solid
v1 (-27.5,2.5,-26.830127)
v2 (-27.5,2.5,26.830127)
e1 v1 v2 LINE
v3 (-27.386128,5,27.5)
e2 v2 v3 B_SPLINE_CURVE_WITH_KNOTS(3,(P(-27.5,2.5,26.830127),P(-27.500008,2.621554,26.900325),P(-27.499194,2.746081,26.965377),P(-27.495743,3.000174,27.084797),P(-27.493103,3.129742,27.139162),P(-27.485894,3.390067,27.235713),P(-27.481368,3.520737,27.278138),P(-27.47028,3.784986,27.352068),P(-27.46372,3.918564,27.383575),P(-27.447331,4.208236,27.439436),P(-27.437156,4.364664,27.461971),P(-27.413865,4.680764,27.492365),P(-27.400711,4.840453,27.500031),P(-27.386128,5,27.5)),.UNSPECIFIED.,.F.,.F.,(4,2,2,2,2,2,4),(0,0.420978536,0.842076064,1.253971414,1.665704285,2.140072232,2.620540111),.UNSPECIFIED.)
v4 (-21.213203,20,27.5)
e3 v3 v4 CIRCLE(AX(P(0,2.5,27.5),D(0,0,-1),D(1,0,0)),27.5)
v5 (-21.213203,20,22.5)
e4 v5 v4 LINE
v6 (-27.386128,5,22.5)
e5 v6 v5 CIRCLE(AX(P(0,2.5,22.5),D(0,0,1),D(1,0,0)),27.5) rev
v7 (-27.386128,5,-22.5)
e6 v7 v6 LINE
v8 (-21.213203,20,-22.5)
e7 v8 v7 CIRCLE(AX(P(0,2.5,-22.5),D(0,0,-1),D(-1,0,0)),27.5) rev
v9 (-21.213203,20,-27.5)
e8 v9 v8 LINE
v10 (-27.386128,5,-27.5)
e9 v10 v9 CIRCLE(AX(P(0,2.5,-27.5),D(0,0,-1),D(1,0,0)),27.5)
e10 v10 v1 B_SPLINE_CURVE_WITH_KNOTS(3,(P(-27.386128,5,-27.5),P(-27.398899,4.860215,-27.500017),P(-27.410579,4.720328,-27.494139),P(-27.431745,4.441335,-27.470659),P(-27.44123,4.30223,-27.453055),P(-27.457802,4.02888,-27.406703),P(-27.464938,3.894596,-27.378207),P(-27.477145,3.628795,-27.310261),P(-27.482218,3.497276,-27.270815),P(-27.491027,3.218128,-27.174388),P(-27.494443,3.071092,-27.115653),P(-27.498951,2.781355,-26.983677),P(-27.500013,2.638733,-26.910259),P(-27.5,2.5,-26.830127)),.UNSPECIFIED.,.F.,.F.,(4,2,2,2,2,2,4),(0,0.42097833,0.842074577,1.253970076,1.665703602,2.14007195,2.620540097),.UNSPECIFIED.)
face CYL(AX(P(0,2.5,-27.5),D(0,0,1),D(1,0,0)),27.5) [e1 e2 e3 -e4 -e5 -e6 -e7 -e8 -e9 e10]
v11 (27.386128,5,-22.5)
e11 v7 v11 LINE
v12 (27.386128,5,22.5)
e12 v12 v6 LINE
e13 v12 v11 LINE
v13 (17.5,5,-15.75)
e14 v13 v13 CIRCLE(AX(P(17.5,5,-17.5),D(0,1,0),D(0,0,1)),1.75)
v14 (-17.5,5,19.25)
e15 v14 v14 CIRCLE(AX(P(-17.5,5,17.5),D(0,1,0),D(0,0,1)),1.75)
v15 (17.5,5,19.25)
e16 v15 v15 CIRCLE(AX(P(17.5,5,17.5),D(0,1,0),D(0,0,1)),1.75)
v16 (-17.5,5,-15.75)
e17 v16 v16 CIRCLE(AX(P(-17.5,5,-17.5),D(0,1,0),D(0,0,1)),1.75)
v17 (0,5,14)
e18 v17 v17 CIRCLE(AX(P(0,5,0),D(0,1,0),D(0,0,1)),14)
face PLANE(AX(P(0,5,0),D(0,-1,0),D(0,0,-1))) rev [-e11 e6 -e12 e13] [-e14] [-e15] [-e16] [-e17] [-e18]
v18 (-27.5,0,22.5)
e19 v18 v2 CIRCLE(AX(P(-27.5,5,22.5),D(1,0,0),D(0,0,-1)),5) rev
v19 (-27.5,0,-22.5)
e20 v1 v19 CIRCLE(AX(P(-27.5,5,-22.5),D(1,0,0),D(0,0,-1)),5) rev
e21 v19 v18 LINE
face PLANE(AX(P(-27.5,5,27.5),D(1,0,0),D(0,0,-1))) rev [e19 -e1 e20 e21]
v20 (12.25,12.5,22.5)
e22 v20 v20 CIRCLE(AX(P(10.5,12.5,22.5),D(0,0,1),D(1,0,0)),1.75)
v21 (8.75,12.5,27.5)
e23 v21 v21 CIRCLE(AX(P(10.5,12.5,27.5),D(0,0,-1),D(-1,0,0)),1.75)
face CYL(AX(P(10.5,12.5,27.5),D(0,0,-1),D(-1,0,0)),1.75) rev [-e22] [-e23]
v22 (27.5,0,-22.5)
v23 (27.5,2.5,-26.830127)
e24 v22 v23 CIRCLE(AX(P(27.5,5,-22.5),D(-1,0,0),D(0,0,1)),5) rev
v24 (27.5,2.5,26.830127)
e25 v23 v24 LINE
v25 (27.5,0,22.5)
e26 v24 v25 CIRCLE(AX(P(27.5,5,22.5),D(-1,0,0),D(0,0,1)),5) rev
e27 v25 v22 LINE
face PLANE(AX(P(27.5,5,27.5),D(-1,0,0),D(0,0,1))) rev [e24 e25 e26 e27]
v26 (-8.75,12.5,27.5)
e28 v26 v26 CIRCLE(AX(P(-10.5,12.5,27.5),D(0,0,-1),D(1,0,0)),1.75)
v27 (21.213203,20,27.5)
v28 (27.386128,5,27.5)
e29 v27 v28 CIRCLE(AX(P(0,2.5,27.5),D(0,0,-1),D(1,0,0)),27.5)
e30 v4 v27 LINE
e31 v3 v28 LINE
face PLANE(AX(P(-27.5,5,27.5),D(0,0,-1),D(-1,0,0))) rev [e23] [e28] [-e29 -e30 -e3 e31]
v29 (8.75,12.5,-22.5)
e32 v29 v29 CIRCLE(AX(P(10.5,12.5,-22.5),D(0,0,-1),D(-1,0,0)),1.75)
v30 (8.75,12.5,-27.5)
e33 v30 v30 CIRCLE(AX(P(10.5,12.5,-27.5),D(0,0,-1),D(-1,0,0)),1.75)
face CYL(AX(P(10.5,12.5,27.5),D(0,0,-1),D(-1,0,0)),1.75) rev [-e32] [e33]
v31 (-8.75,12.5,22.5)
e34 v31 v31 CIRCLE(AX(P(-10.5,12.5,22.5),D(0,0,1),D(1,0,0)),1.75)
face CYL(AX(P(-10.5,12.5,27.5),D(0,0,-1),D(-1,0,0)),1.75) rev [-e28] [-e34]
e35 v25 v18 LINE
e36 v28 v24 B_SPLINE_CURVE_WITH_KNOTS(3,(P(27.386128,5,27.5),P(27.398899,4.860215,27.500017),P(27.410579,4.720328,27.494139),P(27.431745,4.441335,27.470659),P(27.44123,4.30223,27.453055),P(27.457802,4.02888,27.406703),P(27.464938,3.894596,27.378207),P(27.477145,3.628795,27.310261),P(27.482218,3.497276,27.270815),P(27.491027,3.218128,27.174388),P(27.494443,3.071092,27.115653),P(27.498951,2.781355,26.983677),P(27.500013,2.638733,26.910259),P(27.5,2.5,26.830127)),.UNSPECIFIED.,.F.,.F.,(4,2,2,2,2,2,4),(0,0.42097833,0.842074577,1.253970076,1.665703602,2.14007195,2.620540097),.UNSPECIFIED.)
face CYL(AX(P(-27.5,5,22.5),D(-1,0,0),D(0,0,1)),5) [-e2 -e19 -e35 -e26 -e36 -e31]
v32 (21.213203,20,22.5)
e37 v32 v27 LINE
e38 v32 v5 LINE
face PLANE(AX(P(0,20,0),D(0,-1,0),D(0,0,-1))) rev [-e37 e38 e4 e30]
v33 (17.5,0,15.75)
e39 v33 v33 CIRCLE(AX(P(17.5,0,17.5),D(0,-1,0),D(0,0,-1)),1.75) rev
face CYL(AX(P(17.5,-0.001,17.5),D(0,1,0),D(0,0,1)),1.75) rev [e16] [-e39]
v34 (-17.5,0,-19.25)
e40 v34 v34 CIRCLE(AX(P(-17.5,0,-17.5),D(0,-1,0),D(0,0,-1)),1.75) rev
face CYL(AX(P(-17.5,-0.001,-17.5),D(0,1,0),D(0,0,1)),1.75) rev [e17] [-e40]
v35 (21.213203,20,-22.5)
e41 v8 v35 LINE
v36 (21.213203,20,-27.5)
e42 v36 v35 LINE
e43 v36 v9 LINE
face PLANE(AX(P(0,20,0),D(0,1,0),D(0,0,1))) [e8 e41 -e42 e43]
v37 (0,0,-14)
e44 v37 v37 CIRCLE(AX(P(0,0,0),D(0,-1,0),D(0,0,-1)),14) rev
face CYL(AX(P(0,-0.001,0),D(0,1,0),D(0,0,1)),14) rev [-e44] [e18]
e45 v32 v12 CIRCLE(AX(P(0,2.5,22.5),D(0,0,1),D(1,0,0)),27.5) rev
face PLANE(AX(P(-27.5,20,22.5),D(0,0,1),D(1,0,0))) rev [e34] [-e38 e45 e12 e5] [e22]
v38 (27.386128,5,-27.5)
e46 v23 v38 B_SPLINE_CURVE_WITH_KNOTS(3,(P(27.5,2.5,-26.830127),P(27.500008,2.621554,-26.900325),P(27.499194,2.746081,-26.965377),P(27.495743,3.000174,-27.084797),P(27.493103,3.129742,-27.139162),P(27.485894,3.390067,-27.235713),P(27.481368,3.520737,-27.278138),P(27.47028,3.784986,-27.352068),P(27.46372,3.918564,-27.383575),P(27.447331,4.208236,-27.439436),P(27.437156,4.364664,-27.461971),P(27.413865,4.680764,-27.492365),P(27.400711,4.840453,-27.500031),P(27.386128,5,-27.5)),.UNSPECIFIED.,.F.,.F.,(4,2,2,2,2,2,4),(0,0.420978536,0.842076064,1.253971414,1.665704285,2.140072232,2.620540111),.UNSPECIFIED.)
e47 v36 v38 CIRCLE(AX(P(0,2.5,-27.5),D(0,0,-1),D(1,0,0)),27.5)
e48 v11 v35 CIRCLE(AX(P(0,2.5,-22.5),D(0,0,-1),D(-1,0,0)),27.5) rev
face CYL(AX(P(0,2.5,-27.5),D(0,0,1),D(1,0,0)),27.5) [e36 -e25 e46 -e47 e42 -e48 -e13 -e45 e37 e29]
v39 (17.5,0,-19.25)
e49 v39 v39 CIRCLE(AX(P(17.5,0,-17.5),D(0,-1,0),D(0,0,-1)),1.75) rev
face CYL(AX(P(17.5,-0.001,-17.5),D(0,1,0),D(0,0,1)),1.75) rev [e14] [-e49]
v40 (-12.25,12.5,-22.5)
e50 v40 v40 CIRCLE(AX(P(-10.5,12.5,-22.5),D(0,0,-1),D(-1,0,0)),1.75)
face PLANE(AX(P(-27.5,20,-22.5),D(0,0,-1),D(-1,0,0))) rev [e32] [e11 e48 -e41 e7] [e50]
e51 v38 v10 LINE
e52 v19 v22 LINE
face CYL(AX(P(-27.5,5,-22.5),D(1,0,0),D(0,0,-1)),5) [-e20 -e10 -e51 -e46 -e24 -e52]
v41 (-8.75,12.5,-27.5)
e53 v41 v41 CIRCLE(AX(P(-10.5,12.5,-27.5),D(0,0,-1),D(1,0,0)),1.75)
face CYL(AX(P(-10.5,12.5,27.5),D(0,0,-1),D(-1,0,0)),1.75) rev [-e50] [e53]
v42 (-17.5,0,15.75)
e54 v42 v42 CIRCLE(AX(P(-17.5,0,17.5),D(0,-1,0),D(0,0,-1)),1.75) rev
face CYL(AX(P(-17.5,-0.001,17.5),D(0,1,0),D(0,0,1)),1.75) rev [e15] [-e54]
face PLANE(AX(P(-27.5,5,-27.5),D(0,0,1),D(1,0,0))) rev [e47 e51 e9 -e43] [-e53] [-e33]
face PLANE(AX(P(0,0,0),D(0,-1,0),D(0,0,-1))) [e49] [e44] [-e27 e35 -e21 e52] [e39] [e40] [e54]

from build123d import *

# Parameters (mm, degrees)
SKETCH1_W           = 55
SKETCH1_H           = 55
BOSS_EXTRUDE1_DEPTH = 5
CUT_EXTRUDE2_REACH  = 41.211
SKETCH10_R          = 14
SKETCH10_R_2        = 1.75
SKETCH11_W          = 55
SKETCH11_H          = 5
BOSS_EXTRUDE2_DEPTH = 15
FILLET1_R           = 5
SKETCH12_R          = 1.75
CUT_EXTRUDE3_DEPTH  = 65.662585782
CUT_EXTRUDE4_DEPTH  = 65.662585782


with BuildPart() as part:
    # Sketch1 → Boss-Extrude1 (new body)
    with BuildSketch(Plane(origin=(0, 0, 0), x_dir=(1, 0, 0), z_dir=(0, 1, 0))):
        Rectangle(SKETCH1_W, SKETCH1_H)
    extrude(amount=BOSS_EXTRUDE1_DEPTH)

    # Sketch10 → Cut-Extrude2 (cut, up to next)
    with BuildSketch(Plane(origin=(0, 5, 0), x_dir=(1, 0, 0), z_dir=(0, 1, 0)), mode=Mode.PRIVATE) as cut_extrude2_sk1:
        Circle(SKETCH10_R)
    cut_extrude2_tool1 = extrude(cut_extrude2_sk1.sketch, amount=-CUT_EXTRUDE2_REACH, mode=Mode.PRIVATE) & part.part
    # Sketch10 → Cut-Extrude2 (cut, up to next)
    with BuildSketch(Plane(origin=(0, 5, 0), x_dir=(1, 0, 0), z_dir=(0, 1, 0)), mode=Mode.PRIVATE) as cut_extrude2_sk2:
        with Locations((-17.5, 17.5)):
            Circle(SKETCH10_R_2)
    cut_extrude2_tool2 = extrude(cut_extrude2_sk2.sketch, amount=-CUT_EXTRUDE2_REACH, mode=Mode.PRIVATE) & part.part
    # Sketch10 → Cut-Extrude2 (cut, up to next)
    with BuildSketch(Plane(origin=(0, 5, 0), x_dir=(1, 0, 0), z_dir=(0, 1, 0)), mode=Mode.PRIVATE) as cut_extrude2_sk3:
        with Locations((17.5, 17.5)):
            Circle(SKETCH10_R_2)
    cut_extrude2_tool3 = extrude(cut_extrude2_sk3.sketch, amount=-CUT_EXTRUDE2_REACH, mode=Mode.PRIVATE) & part.part
    # Sketch10 → Cut-Extrude2 (cut, up to next)
    with BuildSketch(Plane(origin=(0, 5, 0), x_dir=(1, 0, 0), z_dir=(0, 1, 0)), mode=Mode.PRIVATE) as cut_extrude2_sk4:
        with Locations((17.5, -17.5)):
            Circle(SKETCH10_R_2)
    cut_extrude2_tool4 = extrude(cut_extrude2_sk4.sketch, amount=-CUT_EXTRUDE2_REACH, mode=Mode.PRIVATE) & part.part
    # Sketch10 → Cut-Extrude2 (cut, up to next)
    with BuildSketch(Plane(origin=(0, 5, 0), x_dir=(1, 0, 0), z_dir=(0, 1, 0)), mode=Mode.PRIVATE) as cut_extrude2_sk5:
        with Locations((-17.5, -17.5)):
            Circle(SKETCH10_R_2)
    cut_extrude2_tool5 = extrude(cut_extrude2_sk5.sketch, amount=-CUT_EXTRUDE2_REACH, mode=Mode.PRIVATE) & part.part
    add(cut_extrude2_tool1.solids().sort_by_distance((0, 5, 0))[0], mode=Mode.SUBTRACT)
    add(cut_extrude2_tool2.solids().sort_by_distance((-17.5, 5, -17.5))[0], mode=Mode.SUBTRACT)
    add(cut_extrude2_tool3.solids().sort_by_distance((17.5, 5, -17.5))[0], mode=Mode.SUBTRACT)
    add(cut_extrude2_tool4.solids().sort_by_distance((17.5, 5, 17.5))[0], mode=Mode.SUBTRACT)
    add(cut_extrude2_tool5.solids().sort_by_distance((-17.5, 5, 17.5))[0], mode=Mode.SUBTRACT)

    # Sketch11 → Boss-Extrude2 (add)
    with BuildSketch(Plane(origin=(0, 5, 0), x_dir=(1, 0, 0), z_dir=(0, 1, 0))):
        with Locations((0, 25)):
            Rectangle(SKETCH11_W, SKETCH11_H)
        with Locations((0, -25)):
            Rectangle(SKETCH11_W, SKETCH11_H)
    extrude(amount=BOSS_EXTRUDE2_DEPTH)

    # Fillet1
    fillet1_edges = [part.edges().sort_by_distance(p)[0] for p in [
        (0, 0, -27.5),
        (0, 0, 27.5),
    ]]
    fillet(fillet1_edges, radius=FILLET1_R)

    # Sketch12 → Cut-Extrude3 (cut, through all)
    with BuildSketch(Plane(origin=(0, 0, -27.5), x_dir=(-1, 0, 0), z_dir=(0, 0, -1))):
        with Locations((-10.5, 12.5)):
            Circle(SKETCH12_R)
        with Locations((10.5, 12.5)):
            Circle(SKETCH12_R)
    extrude(amount=-CUT_EXTRUDE3_DEPTH, mode=Mode.SUBTRACT)

    # Sketch13 → Cut-Extrude4 (cut, through all)
    with BuildSketch(Plane.XY.offset(27.5)):
        with BuildLine():
            Line((-27.5, 2.5), (-27.5, 20))
            Line((-27.5, 20), (-21.213203436, 20))
            ThreePointArc((-21.213203436, 20), (-25.880621075, 11.797497123), (-27.5, 2.5))
        make_face()
        with BuildLine():
            Line((21.213203436, 20), (27.5, 20))
            Line((27.5, 20), (27.5, 2.5))
            ThreePointArc((27.5, 2.5), (25.880621075, 11.797497123), (21.213203436, 20))
        make_face()
    extrude(amount=-CUT_EXTRUDE4_DEPTH, mode=Mode.SUBTRACT)


solid = part.part
